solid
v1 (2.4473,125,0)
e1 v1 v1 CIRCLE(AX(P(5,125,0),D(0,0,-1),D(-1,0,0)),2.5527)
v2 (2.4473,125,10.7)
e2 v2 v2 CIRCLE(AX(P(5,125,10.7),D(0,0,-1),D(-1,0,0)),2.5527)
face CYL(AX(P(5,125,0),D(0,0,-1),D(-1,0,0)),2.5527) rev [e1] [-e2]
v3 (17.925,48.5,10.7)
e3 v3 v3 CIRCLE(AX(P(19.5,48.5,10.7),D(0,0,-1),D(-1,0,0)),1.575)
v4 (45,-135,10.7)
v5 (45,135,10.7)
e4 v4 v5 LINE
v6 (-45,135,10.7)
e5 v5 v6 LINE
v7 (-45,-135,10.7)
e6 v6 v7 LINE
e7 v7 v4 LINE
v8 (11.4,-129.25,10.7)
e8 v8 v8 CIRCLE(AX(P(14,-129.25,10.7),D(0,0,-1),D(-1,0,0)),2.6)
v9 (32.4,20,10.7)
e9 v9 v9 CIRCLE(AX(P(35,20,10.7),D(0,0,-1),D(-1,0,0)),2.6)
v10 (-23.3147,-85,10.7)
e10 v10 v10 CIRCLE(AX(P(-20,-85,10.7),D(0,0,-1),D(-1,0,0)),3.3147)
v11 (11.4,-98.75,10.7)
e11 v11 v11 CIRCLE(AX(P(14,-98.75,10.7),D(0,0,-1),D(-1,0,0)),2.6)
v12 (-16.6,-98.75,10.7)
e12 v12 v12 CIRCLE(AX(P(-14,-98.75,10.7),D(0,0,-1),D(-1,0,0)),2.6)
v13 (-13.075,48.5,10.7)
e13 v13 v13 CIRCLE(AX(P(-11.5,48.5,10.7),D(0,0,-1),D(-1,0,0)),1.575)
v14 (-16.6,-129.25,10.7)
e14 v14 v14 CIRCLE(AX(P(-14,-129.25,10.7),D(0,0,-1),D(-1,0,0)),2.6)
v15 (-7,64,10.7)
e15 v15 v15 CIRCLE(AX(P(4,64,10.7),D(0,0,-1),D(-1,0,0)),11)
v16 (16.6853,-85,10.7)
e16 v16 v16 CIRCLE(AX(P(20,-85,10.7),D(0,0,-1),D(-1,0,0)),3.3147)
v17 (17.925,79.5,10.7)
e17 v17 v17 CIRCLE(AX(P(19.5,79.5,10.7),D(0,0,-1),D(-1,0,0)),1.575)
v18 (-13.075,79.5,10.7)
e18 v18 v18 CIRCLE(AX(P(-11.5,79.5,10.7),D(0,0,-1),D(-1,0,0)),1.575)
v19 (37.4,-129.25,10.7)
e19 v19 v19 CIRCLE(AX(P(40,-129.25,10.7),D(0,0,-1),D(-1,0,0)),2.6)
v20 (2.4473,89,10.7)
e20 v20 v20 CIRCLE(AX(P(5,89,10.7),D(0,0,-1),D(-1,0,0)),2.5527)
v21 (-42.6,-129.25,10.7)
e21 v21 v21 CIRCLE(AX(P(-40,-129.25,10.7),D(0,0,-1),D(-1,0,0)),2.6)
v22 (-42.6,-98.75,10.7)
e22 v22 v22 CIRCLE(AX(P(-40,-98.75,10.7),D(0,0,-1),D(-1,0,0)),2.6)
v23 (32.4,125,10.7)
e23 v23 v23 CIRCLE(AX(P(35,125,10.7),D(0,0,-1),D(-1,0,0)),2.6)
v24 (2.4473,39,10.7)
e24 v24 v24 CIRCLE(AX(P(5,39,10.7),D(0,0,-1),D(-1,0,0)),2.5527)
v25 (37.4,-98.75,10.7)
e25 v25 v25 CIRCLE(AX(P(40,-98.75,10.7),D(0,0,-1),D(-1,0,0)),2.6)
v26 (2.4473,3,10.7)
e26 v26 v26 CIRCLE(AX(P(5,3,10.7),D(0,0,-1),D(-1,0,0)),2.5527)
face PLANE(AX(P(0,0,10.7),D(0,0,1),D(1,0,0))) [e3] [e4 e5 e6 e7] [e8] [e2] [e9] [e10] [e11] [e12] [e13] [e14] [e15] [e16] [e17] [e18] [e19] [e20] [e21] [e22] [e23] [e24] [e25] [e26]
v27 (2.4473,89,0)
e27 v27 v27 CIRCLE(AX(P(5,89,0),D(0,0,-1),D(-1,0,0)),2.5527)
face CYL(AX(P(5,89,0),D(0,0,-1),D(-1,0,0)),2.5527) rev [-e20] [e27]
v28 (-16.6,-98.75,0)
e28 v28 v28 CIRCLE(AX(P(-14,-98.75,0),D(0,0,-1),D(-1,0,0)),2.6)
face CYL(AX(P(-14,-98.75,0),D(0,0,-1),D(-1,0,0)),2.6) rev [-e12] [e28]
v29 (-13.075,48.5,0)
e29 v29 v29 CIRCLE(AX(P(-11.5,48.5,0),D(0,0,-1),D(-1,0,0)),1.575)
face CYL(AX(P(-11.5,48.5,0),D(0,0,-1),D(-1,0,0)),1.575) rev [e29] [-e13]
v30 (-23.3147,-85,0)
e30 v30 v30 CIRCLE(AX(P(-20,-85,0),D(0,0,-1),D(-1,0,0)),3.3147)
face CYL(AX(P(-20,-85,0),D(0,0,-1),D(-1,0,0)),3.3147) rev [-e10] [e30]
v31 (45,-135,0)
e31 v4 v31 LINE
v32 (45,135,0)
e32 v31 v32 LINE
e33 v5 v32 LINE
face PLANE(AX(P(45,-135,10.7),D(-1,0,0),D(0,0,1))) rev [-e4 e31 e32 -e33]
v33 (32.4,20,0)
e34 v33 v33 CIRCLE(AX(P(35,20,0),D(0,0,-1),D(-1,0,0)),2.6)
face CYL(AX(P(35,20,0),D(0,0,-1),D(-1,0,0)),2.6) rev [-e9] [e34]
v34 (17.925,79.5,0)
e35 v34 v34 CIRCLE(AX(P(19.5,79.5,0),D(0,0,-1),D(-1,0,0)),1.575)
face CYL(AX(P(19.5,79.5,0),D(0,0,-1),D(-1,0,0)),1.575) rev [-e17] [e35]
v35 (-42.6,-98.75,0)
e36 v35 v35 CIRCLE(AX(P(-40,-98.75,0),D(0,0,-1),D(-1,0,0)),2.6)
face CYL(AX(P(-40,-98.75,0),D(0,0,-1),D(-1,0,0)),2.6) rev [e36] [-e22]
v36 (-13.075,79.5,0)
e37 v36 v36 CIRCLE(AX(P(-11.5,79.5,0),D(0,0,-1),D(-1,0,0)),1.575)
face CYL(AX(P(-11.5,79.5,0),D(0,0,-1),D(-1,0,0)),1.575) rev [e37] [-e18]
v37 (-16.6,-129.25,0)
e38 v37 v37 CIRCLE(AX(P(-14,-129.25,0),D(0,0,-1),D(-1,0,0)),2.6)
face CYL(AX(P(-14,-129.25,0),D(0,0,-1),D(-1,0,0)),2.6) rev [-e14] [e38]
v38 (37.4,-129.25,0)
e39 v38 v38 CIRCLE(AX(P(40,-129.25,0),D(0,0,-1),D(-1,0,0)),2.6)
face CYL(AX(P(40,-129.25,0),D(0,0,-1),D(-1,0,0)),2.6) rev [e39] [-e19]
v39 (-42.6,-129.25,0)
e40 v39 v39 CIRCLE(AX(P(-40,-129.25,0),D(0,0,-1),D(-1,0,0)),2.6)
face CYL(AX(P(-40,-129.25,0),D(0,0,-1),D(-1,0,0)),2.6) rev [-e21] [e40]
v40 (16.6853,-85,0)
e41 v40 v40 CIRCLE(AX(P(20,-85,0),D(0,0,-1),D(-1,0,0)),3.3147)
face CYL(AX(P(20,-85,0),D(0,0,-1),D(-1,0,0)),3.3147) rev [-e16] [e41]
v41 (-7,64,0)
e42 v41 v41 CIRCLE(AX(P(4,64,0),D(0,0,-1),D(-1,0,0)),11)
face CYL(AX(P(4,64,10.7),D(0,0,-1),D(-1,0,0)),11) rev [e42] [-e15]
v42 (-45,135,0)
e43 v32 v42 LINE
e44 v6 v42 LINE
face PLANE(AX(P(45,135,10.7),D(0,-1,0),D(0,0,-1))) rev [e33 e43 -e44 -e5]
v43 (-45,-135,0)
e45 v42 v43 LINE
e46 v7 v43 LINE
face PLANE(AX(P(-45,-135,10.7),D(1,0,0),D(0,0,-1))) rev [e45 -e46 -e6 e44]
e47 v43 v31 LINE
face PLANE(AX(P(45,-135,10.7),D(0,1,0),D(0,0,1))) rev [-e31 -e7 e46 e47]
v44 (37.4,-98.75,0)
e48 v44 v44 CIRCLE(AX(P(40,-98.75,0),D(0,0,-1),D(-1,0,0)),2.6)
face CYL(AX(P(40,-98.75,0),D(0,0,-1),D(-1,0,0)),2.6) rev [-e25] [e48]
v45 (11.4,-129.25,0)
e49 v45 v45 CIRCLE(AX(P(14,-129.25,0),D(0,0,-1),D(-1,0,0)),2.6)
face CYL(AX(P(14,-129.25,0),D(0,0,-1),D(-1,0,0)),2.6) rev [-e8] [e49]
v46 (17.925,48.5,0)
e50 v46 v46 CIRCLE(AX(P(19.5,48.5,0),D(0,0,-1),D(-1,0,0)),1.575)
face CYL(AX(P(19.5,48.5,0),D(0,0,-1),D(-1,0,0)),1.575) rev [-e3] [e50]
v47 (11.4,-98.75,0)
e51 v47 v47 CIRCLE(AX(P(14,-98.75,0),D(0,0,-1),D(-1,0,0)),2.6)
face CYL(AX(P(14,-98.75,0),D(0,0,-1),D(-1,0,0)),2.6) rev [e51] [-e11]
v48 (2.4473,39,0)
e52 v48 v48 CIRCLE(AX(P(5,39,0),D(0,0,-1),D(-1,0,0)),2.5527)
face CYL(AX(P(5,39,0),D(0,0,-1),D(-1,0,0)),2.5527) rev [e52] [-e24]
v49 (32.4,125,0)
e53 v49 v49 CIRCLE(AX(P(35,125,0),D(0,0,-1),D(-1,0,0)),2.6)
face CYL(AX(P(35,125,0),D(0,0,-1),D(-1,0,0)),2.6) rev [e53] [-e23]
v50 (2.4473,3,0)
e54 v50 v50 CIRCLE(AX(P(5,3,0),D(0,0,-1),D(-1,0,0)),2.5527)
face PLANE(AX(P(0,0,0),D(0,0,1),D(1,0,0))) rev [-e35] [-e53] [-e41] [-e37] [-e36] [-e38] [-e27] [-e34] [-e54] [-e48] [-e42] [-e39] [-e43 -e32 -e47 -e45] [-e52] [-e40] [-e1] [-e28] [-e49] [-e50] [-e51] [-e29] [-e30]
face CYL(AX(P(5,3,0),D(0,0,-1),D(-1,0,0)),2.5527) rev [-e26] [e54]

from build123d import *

# Parameters (mm, degrees)
ESBO_O1_W                               = 90
ESBO_O1_H                               = 270
RESSALTO_EXTRUS_O1_DEPTH                = 10.7
FURO_ROSCADO_PARA_CONDU_TE_DE_M5X0_81_D = 5.2
FURO_ROSCADO_PARA_CONDU_TE_DE_1_4_281_D = 6.6294
FURO_ROSCADO_PARA_CONDU_TE_DE_M5X0_82_D = 5.2
FURO_ROSCADO_PARA_CONDU_TE_DE_10_321_D  = 5.1054
ESBO_O14_R                              = 11
CORTE_EXTRUS_O1_DEPTH                   = 11.7
FURO_ROSCADO_PARA_CONDU_TE_DE_M3X0_51_D = 3.15


with BuildPart() as part:
    # Esboço1 → Ressalto-extrusão1 (new body)
    with BuildSketch(Plane.XY):
        Rectangle(ESBO_O1_W, ESBO_O1_H)
    extrude(amount=RESSALTO_EXTRUS_O1_DEPTH)

    # Furo roscado para conduíte de M5x0.81 (through all)
    with Locations(Plane(origin=(0, 0, 0), x_dir=(-1, 0, 0), z_dir=(0, 0, -1))):
        with Locations((-40, -98.75), (-14, -98.75), (-40, -129.25), (-14, -129.25), (14, -129.25), (40, -129.25), (14, -98.75), (40, -98.75)):
            Hole(FURO_ROSCADO_PARA_CONDU_TE_DE_M5X0_81_D / 2)

    # Furo roscado para conduíte de 1/4-281 (through all)
    with Locations(Plane(origin=(0, 0, 0), x_dir=(-1, 0, 0), z_dir=(0, 0, -1))):
        with Locations((-20, -85), (20, -85)):
            Hole(FURO_ROSCADO_PARA_CONDU_TE_DE_1_4_281_D / 2)

    # Furo roscado para conduíte de M5x0.82 (through all)
    with Locations(Plane(origin=(0, 0, 0), x_dir=(-1, 0, 0), z_dir=(0, 0, -1))):
        with Locations((-35, 125), (-35, 20)):
            Hole(FURO_ROSCADO_PARA_CONDU_TE_DE_M5X0_82_D / 2)

    # Furo roscado para conduíte de #10-321 (through all)
    with Locations(Plane(origin=(0, 0, 0), x_dir=(-1, 0, 0), z_dir=(0, 0, -1))):
        with Locations((-5, 125), (-5, 89), (-5, 39), (-5, 3)):
            Hole(FURO_ROSCADO_PARA_CONDU_TE_DE_10_321_D / 2)

    # Esboço14 → Corte-extrusão1 (cut, through all)
    with BuildSketch(Plane(origin=(0, 0, 0), x_dir=(-1, 0, 0), z_dir=(0, 0, -1))):
        with Locations((-4, 64)):
            Circle(ESBO_O14_R)
    extrude(amount=-CORTE_EXTRUS_O1_DEPTH, mode=Mode.SUBTRACT)

    # Furo roscado para conduíte de M3x0.51 (through all)
    with Locations(Plane(origin=(0, 0, 0), x_dir=(-1, 0, 0), z_dir=(0, 0, -1))):
        with Locations((-19.5, 79.5), (-19.5, 48.5), (11.5, 79.5), (11.5, 48.5)):
            Hole(FURO_ROSCADO_PARA_CONDU_TE_DE_M3X0_51_D / 2)


solid = part.part
